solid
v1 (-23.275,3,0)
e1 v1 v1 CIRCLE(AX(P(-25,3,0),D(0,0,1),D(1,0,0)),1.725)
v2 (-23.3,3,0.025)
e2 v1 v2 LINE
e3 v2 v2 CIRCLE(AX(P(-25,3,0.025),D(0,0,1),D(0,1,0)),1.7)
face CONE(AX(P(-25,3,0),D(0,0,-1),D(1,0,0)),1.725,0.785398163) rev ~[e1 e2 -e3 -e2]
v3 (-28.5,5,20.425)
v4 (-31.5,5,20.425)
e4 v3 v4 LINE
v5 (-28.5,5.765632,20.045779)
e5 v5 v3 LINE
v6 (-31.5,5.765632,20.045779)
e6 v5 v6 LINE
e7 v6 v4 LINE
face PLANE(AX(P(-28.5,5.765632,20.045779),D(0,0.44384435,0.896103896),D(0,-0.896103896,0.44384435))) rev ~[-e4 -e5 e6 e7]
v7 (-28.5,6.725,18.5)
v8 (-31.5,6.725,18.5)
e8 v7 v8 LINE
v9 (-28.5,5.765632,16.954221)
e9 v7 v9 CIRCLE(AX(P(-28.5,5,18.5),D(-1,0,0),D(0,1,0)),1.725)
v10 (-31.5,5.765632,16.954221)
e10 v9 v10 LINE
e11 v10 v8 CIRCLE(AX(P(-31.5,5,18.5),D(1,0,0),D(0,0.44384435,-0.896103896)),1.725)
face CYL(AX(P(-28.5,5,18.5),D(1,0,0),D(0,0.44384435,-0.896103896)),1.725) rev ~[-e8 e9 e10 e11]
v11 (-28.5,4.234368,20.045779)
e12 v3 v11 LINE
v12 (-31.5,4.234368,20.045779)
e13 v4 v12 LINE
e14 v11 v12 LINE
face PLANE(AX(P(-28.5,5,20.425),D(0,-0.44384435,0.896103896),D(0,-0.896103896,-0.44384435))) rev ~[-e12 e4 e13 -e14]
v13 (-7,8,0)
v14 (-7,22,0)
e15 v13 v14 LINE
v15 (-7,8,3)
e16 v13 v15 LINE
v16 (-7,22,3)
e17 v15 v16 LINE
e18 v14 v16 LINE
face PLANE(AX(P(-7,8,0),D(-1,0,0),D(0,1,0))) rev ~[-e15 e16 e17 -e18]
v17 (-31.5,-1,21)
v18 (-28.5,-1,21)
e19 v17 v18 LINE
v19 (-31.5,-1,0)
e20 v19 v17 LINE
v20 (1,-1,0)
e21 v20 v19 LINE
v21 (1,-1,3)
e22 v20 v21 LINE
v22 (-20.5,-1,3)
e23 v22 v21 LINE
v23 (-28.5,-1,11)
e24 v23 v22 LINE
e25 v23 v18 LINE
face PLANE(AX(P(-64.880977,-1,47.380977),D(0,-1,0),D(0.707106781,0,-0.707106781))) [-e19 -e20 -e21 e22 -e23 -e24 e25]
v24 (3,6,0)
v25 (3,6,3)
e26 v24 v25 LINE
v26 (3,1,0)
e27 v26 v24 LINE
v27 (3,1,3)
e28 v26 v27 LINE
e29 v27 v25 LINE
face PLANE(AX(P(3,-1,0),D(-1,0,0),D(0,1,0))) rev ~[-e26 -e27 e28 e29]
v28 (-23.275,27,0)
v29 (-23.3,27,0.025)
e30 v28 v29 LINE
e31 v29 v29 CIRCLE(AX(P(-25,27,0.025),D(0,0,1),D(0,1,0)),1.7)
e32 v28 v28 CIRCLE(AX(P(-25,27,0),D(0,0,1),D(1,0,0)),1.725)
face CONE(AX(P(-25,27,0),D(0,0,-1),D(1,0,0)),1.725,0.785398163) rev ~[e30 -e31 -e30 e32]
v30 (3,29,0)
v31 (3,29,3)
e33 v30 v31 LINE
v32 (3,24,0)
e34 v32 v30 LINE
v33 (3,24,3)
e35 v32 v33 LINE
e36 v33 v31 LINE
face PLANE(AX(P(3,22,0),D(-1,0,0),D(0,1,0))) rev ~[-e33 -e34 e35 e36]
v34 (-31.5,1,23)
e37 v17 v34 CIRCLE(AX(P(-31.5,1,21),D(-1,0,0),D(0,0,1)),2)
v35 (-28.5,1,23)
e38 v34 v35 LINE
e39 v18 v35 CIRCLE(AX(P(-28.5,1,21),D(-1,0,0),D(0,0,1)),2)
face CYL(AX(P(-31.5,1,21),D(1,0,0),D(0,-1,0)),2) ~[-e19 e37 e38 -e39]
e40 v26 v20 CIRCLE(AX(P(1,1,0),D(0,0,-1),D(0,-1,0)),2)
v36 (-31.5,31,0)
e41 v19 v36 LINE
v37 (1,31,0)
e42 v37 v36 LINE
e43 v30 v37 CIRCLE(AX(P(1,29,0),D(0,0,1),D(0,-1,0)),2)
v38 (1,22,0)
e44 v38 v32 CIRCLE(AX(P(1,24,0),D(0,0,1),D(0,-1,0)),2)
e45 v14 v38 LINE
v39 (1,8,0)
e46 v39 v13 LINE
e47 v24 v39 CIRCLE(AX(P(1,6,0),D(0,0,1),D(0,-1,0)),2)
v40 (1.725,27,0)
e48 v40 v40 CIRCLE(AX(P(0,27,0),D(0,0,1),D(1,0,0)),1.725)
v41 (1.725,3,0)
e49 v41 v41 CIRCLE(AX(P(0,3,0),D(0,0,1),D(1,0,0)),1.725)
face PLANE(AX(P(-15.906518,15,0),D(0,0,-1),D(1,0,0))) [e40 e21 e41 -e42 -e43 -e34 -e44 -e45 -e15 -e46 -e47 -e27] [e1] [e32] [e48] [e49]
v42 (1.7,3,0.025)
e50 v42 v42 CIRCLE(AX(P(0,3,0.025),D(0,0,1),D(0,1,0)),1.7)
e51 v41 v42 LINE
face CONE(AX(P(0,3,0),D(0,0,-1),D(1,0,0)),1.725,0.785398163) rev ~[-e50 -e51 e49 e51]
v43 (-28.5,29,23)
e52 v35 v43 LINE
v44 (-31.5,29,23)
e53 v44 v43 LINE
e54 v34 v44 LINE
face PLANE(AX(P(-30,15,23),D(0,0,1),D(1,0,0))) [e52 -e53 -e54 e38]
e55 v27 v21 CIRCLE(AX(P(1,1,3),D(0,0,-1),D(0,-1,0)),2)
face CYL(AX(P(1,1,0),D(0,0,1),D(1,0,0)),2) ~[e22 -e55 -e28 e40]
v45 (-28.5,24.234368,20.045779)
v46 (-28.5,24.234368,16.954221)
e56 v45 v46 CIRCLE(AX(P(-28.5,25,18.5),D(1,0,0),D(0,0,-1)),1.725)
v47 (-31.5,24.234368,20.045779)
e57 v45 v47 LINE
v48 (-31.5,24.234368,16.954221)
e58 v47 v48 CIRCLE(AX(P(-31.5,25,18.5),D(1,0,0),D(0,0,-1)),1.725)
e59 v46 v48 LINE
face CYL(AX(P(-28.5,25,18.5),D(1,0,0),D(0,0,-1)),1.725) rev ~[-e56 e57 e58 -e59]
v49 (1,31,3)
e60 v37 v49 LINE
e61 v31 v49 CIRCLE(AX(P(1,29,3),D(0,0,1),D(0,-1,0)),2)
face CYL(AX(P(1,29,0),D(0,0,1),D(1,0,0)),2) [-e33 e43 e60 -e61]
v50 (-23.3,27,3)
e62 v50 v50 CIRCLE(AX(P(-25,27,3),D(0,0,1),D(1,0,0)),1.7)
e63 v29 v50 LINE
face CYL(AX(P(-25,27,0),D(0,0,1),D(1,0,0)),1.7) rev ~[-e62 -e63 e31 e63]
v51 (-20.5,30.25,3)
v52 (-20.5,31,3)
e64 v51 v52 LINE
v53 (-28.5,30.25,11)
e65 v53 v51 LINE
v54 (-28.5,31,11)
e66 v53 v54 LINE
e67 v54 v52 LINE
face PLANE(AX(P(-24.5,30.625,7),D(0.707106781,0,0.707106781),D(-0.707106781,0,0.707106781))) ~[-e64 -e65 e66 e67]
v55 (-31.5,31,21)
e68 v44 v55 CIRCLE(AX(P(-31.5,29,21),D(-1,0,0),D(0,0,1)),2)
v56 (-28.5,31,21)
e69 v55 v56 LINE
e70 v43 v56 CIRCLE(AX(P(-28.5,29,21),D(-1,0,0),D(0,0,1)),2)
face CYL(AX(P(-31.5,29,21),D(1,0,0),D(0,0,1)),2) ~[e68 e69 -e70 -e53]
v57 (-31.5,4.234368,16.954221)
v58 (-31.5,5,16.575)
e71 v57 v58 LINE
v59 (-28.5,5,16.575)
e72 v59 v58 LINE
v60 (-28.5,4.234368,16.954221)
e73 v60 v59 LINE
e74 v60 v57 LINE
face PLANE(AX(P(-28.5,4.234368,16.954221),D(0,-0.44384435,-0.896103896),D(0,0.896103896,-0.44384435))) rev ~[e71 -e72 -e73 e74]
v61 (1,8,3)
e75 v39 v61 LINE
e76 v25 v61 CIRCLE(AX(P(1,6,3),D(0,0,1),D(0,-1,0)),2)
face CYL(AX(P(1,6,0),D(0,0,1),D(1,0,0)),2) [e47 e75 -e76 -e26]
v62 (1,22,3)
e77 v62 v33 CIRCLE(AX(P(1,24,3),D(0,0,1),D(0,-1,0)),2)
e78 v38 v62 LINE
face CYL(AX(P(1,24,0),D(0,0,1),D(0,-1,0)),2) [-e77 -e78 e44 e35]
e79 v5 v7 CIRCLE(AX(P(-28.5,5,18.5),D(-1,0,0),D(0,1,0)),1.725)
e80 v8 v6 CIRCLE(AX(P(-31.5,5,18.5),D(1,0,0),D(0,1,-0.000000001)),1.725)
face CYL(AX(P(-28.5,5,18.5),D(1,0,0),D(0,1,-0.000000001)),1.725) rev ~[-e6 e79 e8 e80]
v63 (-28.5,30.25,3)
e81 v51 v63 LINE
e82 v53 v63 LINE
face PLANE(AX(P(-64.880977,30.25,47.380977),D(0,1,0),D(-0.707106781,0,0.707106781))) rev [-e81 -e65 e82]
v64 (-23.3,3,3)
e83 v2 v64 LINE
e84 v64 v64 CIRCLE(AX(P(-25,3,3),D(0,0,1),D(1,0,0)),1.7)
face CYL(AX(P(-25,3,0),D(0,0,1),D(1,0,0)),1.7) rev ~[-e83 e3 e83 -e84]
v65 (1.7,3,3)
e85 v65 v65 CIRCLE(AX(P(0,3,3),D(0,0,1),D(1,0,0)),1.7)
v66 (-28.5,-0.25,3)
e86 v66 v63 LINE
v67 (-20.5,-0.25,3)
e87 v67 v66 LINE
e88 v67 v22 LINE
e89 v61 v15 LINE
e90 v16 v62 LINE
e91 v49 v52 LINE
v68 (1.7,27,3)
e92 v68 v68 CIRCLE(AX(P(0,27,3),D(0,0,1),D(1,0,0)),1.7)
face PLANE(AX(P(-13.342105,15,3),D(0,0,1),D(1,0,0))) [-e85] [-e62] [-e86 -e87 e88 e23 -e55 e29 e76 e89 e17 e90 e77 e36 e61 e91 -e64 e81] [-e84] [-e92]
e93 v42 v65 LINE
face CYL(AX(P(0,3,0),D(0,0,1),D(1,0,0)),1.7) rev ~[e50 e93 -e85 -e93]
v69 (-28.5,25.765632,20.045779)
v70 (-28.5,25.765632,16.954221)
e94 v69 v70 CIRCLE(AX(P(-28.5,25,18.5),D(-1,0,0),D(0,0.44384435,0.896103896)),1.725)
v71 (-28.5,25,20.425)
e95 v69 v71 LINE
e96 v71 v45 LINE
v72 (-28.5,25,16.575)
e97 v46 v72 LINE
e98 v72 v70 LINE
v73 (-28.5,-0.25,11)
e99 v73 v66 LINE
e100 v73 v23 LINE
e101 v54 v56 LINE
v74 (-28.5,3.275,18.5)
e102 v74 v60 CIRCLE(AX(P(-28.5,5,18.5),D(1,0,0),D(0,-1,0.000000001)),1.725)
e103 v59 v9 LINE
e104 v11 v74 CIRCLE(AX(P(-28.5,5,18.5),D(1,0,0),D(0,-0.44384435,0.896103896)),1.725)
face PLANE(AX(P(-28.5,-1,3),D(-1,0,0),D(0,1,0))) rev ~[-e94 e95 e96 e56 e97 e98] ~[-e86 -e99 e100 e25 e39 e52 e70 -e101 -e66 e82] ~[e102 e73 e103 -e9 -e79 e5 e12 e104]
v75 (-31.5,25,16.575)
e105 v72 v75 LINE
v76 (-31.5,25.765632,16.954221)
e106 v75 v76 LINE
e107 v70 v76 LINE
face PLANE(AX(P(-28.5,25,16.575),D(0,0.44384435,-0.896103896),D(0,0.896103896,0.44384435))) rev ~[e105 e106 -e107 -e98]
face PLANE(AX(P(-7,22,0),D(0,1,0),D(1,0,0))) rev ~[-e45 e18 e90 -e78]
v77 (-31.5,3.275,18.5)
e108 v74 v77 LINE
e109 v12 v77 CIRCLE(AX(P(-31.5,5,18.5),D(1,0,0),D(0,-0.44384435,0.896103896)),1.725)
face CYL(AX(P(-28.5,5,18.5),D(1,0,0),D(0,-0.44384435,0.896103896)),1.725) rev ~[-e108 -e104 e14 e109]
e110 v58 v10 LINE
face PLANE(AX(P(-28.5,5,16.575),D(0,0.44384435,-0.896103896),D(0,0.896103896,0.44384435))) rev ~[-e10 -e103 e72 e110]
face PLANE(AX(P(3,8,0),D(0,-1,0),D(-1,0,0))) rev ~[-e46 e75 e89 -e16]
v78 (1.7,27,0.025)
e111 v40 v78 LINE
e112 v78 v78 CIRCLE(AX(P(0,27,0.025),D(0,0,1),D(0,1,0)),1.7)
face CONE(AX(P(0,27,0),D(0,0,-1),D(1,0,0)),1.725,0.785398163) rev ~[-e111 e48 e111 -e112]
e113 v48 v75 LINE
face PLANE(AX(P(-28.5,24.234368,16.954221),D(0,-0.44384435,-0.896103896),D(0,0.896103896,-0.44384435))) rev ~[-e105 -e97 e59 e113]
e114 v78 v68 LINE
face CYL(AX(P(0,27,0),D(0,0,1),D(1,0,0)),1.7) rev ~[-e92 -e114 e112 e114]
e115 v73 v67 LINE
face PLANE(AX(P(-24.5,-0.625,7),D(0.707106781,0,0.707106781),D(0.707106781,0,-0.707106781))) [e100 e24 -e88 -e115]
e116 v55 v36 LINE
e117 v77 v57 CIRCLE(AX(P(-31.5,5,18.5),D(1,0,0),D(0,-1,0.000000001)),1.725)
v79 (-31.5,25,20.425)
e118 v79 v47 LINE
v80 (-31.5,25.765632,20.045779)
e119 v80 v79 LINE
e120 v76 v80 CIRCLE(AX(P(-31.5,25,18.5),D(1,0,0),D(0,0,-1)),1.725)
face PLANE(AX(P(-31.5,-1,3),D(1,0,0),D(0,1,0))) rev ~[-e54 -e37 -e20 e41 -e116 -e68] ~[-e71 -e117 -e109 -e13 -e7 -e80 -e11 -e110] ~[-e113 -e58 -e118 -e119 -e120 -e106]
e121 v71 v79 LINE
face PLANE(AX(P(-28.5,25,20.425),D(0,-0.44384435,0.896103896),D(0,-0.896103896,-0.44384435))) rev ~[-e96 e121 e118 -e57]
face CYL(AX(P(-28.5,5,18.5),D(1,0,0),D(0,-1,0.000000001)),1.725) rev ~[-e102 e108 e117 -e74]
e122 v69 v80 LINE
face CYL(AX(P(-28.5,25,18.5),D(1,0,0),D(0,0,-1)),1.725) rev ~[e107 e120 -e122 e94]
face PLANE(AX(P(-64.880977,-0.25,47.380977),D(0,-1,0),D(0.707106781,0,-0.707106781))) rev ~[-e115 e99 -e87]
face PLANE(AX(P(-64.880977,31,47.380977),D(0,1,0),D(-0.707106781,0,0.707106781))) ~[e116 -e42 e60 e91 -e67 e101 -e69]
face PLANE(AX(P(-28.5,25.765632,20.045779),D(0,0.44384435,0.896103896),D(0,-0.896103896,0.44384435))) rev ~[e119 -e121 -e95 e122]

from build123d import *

# Parameters (mm, degrees)
BOSS_EXTRUDE1_DEPTH             = 3
M3_CLEARANCE_HOLE1_D            = 3.4
M3_CLEARANCE_HOLE1_CSINK_D      = 3.45
M3_CLEARANCE_HOLE1_CSINK_ANGLE  = 90
SKETCH7_W                       = 3
SKETCH7_H                       = 32
BOSS_EXTRUDE2_DEPTH             = 20
BOSS_EXTRUDE2_DIRECTION_2_REACH = 45.943
M3_CLEARANCE_HOLE2_D            = 3.4
M3_CLEARANCE_HOLE2_CSINK_D      = 3.45
M3_CLEARANCE_HOLE2_CSINK_ANGLE  = 90
FILLET1_R                       = 2
RIB1_REACH                      = 52.45
SKETCH11_WALL_W                 = 114.21465002
SKETCH11_WALL_H                 = 0.75
SKETCH12_R                      = 1.725
CUT_EXTRUDE1_DEPTH              = 50.822183814


with BuildPart() as part:
    # Sketch2 → Boss-Extrude1 (new body)
    with BuildSketch(Plane.XY):
        Polygon((3, 31), (-31, 31), (-31, -1), (3, -1), (3, 8), (-7, 8), (-7, 22), (3, 22), align=None)
    extrude(amount=BOSS_EXTRUDE1_DEPTH)

    # M3 Clearance Hole1 (through all)
    with Locations(Plane(origin=(0, 0, 0), x_dir=(-1, 0, 0), z_dir=(0, 0, -1))):
        with Locations((25, 3), (25, 27), (0, 27), (0, 3)):
            CounterSinkHole(M3_CLEARANCE_HOLE1_D / 2, M3_CLEARANCE_HOLE1_CSINK_D / 2, counter_sink_angle=M3_CLEARANCE_HOLE1_CSINK_ANGLE)

    # Sketch7 → Boss-Extrude2 (add)
    with BuildSketch(Plane.XY.offset(3)):
        with Locations((-30, 15)):
            Rectangle(SKETCH7_W, SKETCH7_H)
    extrude(amount=BOSS_EXTRUDE2_DEPTH)

    # Boss-Extrude2 direction 2: up to this face of the body (flat: up to its plane)
    boss_extrude2_direction_2_end = Plane(part.part.faces().sort_by_distance((-15.906518225, 15, 0))[0])
    # Sketch7 → Boss-Extrude2 direction 2 (add, up to the picked face)
    with BuildSketch(Plane.XY.offset(3), mode=Mode.PRIVATE) as boss_extrude2_direction_2_sk1:
        with Locations((-30, 15)):
            Rectangle(SKETCH7_W, SKETCH7_H)
    boss_extrude2_direction_2_tool1 = split(extrude(boss_extrude2_direction_2_sk1.sketch, amount=-BOSS_EXTRUDE2_DIRECTION_2_REACH, mode=Mode.PRIVATE), bisect_by=boss_extrude2_direction_2_end, keep=Keep.BOTH, mode=Mode.PRIVATE)
    add(boss_extrude2_direction_2_tool1.solids().sort_by(Axis((-30, 15, 3), (0, 0, -1)))[0])

    # M3 Clearance Hole2 (through all)
    with Locations(Plane(origin=(-28.5, 27.5, 0), x_dir=(0, -1, 0), z_dir=(1, 0, 0))):
        with Locations((22.5, -18.5), (2.5, -18.5)):
            CounterSinkHole(M3_CLEARANCE_HOLE2_D / 2, M3_CLEARANCE_HOLE2_CSINK_D / 2, counter_sink_angle=M3_CLEARANCE_HOLE2_CSINK_ANGLE)

    # Fillet1
    fillet1_edges = [part.edges().sort_by_distance(p)[0] for p in [
        (3, 8, 1.5),
        (3, -1, 1.5),
        (3, 31, 1.5),
        (3, 22, 1.5),
        (-30, 31, 23),
        (-30, -1, 23),
    ]]
    fillet(fillet1_edges, radius=FILLET1_R)

    # Sketch11 wall → Rib1 (add, up to next)
    with BuildSketch(Plane(origin=(-24.5, -1, 7), x_dir=(0.707106781187, 0, -0.707106781187), z_dir=(0.707106781187, 0, 0.707106781187)), mode=Mode.PRIVATE) as rib1_sk1:
        with Locations((0, 0.375)):
            Rectangle(SKETCH11_WALL_W, SKETCH11_WALL_H)
    rib1_tool1 = extrude(rib1_sk1.sketch, amount=-RIB1_REACH, mode=Mode.PRIVATE) - part.part
    rib1 = rib1_tool1.solids().sort_by_distance((-24.5, -1, 7))[0]
    add(rib1)

    # Mirror1: Rib1 across plane
    add(rib1.mirror(Plane.ZX.offset(15)))

    # Sketch12 → Cut-Extrude1 (cut, through all)
    with BuildSketch(Plane(origin=(-28.5, 0, 0), x_dir=(0, 0, -1), z_dir=(1, 0, 0))):
        with BuildLine():
            Line((-20.425, 5), (-20.045779221, 4.234368496))
            ThreePointArc((-20.045779221, 4.234368496), (-20.225, 5), (-20.045779221, 5.765631504))
            Line((-20.045779221, 5.765631504), (-20.425, 5))
        make_face()
        with BuildLine():
            ThreePointArc((-16.775, 5), (-16.820402704, 4.606836011), (-16.954220779, 4.234368496))
            Line((-16.954220779, 4.234368496), (-16.575, 5))
            Line((-16.575, 5), (-16.954220779, 5.765631504))
            ThreePointArc((-16.954220779, 5.765631504), (-16.820402704, 5.393163989), (-16.775, 5))
        make_face()
        with BuildLine():
            ThreePointArc((-16.775, 25), (-16.820402704, 24.606836011), (-16.954220779, 24.234368496))
            Line((-16.954220779, 24.234368496), (-16.575, 25))
            Line((-16.575, 25), (-16.954220779, 25.765631504))
            ThreePointArc((-16.954220779, 25.765631504), (-16.820402704, 25.393163989), (-16.775, 25))
        make_face()
        with BuildLine():
            Line((-20.425, 25), (-20.045779221, 24.234368496))
            ThreePointArc((-20.045779221, 24.234368496), (-20.225, 25), (-20.045779221, 25.765631504))
            Line((-20.045779221, 25.765631504), (-20.425, 25))
        make_face()
        with Locations((-18.5, 25)):
            Circle(SKETCH12_R)
        with BuildLine():
            ThreePointArc((-20.045779221, 5.765631504), (-20.225, 5), (-20.045779221, 4.234368496))
            ThreePointArc((-20.045779221, 4.234368496), (-19.409645715, 3.534336439), (-18.5, 3.275))
            Line((-18.5, 3.275), (-18.5, 6.725))
            ThreePointArc((-18.5, 6.725), (-19.409645715, 6.465663561), (-20.045779221, 5.765631504))
        make_face()
        with BuildLine():
            Line((-18.5, 6.725), (-18.5, 3.275))
            ThreePointArc((-18.5, 3.275), (-17.590354285, 3.534336439), (-16.954220779, 4.234368496))
            ThreePointArc((-16.954220779, 4.234368496), (-16.820402704, 4.606836011), (-16.775, 5))
            ThreePointArc((-16.775, 5), (-16.820402704, 5.393163989), (-16.954220779, 5.765631504))
            ThreePointArc((-16.954220779, 5.765631504), (-17.590354285, 6.465663561), (-18.5, 6.725))
        make_face()
    extrude(amount=-CUT_EXTRUDE1_DEPTH, mode=Mode.SUBTRACT)


solid = part.part
